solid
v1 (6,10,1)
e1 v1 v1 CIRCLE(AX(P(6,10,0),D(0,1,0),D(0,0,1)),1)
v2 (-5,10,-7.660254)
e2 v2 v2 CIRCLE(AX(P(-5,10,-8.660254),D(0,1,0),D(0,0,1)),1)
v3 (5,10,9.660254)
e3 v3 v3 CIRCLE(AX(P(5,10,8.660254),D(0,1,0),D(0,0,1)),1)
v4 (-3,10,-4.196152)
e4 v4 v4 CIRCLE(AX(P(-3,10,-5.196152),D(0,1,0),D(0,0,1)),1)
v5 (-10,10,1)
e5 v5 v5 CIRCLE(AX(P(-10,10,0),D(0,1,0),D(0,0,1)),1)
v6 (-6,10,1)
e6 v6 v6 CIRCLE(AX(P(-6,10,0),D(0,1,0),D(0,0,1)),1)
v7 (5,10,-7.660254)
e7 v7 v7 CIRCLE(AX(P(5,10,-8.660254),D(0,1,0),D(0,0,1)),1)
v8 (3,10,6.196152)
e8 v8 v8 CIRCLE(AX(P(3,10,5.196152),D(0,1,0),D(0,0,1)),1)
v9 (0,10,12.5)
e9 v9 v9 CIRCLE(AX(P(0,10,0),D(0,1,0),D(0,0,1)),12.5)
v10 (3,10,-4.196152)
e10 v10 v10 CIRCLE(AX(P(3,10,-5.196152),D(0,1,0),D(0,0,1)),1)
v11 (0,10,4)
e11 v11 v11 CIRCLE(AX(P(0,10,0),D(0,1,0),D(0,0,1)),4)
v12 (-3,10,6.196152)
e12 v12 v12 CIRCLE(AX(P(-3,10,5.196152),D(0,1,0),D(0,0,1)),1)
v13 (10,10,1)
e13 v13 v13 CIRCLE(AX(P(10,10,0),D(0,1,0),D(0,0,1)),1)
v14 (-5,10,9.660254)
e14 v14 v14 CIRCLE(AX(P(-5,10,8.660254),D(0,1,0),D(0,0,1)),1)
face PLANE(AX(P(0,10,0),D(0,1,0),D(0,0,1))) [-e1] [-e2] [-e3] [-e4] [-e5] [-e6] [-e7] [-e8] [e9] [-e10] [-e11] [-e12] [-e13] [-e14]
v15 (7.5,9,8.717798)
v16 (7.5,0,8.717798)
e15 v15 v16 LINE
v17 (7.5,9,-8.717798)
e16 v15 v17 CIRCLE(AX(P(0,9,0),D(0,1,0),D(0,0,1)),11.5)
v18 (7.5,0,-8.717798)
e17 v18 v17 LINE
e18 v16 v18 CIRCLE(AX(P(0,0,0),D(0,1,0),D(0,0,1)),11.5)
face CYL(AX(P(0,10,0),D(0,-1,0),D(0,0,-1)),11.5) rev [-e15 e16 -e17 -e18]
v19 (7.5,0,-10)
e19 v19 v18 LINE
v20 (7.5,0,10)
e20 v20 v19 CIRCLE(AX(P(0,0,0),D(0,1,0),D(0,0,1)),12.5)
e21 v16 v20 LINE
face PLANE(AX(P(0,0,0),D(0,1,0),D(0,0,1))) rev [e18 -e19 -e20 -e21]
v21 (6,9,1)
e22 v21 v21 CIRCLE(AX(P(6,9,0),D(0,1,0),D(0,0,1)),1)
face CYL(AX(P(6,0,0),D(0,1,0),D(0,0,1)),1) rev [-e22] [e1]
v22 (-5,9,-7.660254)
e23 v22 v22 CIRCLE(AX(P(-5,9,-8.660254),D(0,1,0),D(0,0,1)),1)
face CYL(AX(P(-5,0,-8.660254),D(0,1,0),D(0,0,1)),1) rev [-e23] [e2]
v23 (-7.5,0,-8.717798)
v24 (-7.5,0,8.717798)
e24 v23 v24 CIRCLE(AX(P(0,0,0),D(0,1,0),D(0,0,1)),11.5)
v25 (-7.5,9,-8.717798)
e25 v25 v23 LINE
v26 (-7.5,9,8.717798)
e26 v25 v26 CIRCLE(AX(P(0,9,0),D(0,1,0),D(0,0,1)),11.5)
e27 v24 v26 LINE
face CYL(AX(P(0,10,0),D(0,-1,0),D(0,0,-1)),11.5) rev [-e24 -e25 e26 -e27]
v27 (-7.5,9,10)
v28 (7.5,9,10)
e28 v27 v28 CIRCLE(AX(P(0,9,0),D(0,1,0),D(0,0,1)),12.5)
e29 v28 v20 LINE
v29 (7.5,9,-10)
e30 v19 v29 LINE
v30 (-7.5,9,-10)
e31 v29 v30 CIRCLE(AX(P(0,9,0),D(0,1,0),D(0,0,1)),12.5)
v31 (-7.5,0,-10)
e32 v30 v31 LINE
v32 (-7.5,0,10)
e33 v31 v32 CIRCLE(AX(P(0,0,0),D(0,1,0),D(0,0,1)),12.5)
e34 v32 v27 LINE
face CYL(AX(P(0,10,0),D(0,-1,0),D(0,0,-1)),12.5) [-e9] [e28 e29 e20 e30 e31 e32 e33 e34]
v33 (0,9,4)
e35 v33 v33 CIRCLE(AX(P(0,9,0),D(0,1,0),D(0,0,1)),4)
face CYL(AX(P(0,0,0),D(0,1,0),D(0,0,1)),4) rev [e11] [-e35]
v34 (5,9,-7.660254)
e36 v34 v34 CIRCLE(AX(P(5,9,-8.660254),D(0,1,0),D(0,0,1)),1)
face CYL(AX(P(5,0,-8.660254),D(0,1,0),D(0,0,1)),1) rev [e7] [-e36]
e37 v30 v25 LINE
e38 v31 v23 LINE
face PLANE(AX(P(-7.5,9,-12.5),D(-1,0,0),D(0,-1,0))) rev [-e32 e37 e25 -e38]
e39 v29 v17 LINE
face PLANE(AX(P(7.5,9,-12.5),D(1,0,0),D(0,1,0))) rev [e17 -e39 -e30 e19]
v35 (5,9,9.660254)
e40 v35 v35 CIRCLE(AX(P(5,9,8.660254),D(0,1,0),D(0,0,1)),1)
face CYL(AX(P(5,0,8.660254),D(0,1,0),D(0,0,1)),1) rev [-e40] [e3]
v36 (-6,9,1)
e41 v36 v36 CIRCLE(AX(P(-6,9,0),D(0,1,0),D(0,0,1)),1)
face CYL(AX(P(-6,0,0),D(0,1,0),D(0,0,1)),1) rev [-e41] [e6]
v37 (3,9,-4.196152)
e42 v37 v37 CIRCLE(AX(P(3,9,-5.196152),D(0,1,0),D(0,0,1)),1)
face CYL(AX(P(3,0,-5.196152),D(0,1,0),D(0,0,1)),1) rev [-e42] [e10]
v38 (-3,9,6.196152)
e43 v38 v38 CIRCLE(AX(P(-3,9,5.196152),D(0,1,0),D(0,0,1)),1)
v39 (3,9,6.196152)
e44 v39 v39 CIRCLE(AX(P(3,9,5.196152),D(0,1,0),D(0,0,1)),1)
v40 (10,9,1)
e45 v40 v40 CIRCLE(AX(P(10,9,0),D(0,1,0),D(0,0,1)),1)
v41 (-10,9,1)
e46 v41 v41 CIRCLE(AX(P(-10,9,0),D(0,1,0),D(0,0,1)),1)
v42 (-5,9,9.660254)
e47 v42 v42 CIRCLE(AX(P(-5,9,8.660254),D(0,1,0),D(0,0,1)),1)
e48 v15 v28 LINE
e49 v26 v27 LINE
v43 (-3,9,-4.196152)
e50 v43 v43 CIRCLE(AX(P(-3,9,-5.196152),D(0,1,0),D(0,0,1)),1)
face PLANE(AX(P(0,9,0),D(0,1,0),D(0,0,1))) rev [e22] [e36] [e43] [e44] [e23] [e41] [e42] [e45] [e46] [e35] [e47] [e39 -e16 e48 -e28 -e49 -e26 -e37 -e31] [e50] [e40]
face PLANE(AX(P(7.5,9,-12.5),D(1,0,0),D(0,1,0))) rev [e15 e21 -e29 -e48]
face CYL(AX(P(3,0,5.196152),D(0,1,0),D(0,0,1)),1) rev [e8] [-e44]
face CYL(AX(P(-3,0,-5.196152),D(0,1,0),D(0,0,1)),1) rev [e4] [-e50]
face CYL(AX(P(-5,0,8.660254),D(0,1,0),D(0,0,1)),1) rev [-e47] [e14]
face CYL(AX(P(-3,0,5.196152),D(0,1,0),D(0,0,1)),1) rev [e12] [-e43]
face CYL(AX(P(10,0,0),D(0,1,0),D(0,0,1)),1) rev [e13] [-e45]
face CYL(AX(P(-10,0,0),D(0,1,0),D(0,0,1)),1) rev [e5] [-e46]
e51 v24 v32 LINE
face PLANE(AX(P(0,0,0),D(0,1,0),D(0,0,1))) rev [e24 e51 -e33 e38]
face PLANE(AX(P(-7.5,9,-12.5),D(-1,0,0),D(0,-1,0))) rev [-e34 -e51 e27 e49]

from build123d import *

# Parameters (mm, degrees)
SKETCH1_R               = 12.5
BOSS_EXTRUDE1_DEPTH     = 10
SHELL1_T                = -1
CUT_EXTRUDE1_DEPTH      = 21.310096012
CUT_EXTRUDE1_DEPTH_BACK = 21.310096012
SKETCH2_W               = 15
SKETCH2_H               = 9
SKETCH3_R               = 1
CUT_EXTRUDE2_DEPTH      = 10
SKETCH4_R               = 4
CUT_EXTRUDE3_DEPTH      = 10


with BuildPart() as part:
    # Sketch1 → Boss-Extrude1 (new body)
    with BuildSketch(Plane(origin=(0, 0, 0), x_dir=(1, 0, 0), z_dir=(0, 1, 0))):
        with Locations(Location((0, 0, 0), (0, 0, 270))):
            Circle(SKETCH1_R)
    extrude(amount=BOSS_EXTRUDE1_DEPTH)

    # Shell1
    shell1_openings = [part.faces().sort_by_distance(p)[0] for p in [
        (0, 0, 0),
    ]]
    offset(amount=SHELL1_T, openings=shell1_openings, kind=Kind.INTERSECTION)

    # Sketch2 → Cut-Extrude1 (cut, two sides: drawn at the far end of the back side and taken through both)
    with BuildSketch(Plane.XY.offset(-CUT_EXTRUDE1_DEPTH_BACK)):
        with Locations((0, 4.5)):
            Rectangle(SKETCH2_W, SKETCH2_H)
    extrude(amount=CUT_EXTRUDE1_DEPTH + CUT_EXTRUDE1_DEPTH_BACK, mode=Mode.SUBTRACT)

    # Sketch3 → Cut-Extrude2 (cut)
    with BuildSketch(Plane(origin=(0, 10, 0), x_dir=(1, 0, 0), z_dir=(0, 1, 0))):
        with Locations(Location((-10, 0, 0), (0, 0, 270))):
            Circle(SKETCH3_R)
        with Locations(Location((-6, 0, 0), (0, 0, 270))):
            Circle(SKETCH3_R)
        with Locations(Location((-5, 8.660254038, 0), (0, 0, 270))):
            Circle(SKETCH3_R)
        with Locations(Location((-3, 5.196152423, 0), (0, 0, 270))):
            Circle(SKETCH3_R)
        with Locations(Location((5, 8.660254038, 0), (0, 0, 270))):
            Circle(SKETCH3_R)
        with Locations(Location((3, 5.196152423, 0), (0, 0, 270))):
            Circle(SKETCH3_R)
        with Locations(Location((10, 0, 0), (0, 0, 270))):
            Circle(SKETCH3_R)
        with Locations(Location((6, 0, 0), (0, 0, 270))):
            Circle(SKETCH3_R)
        with Locations(Location((5, -8.660254038, 0), (0, 0, 270))):
            Circle(SKETCH3_R)
        with Locations(Location((3, -5.196152423, 0), (0, 0, 270))):
            Circle(SKETCH3_R)
        with Locations(Location((-5, -8.660254038, 0), (0, 0, 270))):
            Circle(SKETCH3_R)
        with Locations(Location((-3, -5.196152423, 0), (0, 0, 270))):
            Circle(SKETCH3_R)
    extrude(amount=-CUT_EXTRUDE2_DEPTH, mode=Mode.SUBTRACT)

    # Sketch4 → Cut-Extrude3 (cut)
    with BuildSketch(Plane(origin=(0, 10, 0), x_dir=(1, 0, 0), z_dir=(0, 1, 0))):
        with Locations(Location((0, 0, 0), (0, 0, 270))):
            Circle(SKETCH4_R)
    extrude(amount=-CUT_EXTRUDE3_DEPTH, mode=Mode.SUBTRACT)


solid = part.part
